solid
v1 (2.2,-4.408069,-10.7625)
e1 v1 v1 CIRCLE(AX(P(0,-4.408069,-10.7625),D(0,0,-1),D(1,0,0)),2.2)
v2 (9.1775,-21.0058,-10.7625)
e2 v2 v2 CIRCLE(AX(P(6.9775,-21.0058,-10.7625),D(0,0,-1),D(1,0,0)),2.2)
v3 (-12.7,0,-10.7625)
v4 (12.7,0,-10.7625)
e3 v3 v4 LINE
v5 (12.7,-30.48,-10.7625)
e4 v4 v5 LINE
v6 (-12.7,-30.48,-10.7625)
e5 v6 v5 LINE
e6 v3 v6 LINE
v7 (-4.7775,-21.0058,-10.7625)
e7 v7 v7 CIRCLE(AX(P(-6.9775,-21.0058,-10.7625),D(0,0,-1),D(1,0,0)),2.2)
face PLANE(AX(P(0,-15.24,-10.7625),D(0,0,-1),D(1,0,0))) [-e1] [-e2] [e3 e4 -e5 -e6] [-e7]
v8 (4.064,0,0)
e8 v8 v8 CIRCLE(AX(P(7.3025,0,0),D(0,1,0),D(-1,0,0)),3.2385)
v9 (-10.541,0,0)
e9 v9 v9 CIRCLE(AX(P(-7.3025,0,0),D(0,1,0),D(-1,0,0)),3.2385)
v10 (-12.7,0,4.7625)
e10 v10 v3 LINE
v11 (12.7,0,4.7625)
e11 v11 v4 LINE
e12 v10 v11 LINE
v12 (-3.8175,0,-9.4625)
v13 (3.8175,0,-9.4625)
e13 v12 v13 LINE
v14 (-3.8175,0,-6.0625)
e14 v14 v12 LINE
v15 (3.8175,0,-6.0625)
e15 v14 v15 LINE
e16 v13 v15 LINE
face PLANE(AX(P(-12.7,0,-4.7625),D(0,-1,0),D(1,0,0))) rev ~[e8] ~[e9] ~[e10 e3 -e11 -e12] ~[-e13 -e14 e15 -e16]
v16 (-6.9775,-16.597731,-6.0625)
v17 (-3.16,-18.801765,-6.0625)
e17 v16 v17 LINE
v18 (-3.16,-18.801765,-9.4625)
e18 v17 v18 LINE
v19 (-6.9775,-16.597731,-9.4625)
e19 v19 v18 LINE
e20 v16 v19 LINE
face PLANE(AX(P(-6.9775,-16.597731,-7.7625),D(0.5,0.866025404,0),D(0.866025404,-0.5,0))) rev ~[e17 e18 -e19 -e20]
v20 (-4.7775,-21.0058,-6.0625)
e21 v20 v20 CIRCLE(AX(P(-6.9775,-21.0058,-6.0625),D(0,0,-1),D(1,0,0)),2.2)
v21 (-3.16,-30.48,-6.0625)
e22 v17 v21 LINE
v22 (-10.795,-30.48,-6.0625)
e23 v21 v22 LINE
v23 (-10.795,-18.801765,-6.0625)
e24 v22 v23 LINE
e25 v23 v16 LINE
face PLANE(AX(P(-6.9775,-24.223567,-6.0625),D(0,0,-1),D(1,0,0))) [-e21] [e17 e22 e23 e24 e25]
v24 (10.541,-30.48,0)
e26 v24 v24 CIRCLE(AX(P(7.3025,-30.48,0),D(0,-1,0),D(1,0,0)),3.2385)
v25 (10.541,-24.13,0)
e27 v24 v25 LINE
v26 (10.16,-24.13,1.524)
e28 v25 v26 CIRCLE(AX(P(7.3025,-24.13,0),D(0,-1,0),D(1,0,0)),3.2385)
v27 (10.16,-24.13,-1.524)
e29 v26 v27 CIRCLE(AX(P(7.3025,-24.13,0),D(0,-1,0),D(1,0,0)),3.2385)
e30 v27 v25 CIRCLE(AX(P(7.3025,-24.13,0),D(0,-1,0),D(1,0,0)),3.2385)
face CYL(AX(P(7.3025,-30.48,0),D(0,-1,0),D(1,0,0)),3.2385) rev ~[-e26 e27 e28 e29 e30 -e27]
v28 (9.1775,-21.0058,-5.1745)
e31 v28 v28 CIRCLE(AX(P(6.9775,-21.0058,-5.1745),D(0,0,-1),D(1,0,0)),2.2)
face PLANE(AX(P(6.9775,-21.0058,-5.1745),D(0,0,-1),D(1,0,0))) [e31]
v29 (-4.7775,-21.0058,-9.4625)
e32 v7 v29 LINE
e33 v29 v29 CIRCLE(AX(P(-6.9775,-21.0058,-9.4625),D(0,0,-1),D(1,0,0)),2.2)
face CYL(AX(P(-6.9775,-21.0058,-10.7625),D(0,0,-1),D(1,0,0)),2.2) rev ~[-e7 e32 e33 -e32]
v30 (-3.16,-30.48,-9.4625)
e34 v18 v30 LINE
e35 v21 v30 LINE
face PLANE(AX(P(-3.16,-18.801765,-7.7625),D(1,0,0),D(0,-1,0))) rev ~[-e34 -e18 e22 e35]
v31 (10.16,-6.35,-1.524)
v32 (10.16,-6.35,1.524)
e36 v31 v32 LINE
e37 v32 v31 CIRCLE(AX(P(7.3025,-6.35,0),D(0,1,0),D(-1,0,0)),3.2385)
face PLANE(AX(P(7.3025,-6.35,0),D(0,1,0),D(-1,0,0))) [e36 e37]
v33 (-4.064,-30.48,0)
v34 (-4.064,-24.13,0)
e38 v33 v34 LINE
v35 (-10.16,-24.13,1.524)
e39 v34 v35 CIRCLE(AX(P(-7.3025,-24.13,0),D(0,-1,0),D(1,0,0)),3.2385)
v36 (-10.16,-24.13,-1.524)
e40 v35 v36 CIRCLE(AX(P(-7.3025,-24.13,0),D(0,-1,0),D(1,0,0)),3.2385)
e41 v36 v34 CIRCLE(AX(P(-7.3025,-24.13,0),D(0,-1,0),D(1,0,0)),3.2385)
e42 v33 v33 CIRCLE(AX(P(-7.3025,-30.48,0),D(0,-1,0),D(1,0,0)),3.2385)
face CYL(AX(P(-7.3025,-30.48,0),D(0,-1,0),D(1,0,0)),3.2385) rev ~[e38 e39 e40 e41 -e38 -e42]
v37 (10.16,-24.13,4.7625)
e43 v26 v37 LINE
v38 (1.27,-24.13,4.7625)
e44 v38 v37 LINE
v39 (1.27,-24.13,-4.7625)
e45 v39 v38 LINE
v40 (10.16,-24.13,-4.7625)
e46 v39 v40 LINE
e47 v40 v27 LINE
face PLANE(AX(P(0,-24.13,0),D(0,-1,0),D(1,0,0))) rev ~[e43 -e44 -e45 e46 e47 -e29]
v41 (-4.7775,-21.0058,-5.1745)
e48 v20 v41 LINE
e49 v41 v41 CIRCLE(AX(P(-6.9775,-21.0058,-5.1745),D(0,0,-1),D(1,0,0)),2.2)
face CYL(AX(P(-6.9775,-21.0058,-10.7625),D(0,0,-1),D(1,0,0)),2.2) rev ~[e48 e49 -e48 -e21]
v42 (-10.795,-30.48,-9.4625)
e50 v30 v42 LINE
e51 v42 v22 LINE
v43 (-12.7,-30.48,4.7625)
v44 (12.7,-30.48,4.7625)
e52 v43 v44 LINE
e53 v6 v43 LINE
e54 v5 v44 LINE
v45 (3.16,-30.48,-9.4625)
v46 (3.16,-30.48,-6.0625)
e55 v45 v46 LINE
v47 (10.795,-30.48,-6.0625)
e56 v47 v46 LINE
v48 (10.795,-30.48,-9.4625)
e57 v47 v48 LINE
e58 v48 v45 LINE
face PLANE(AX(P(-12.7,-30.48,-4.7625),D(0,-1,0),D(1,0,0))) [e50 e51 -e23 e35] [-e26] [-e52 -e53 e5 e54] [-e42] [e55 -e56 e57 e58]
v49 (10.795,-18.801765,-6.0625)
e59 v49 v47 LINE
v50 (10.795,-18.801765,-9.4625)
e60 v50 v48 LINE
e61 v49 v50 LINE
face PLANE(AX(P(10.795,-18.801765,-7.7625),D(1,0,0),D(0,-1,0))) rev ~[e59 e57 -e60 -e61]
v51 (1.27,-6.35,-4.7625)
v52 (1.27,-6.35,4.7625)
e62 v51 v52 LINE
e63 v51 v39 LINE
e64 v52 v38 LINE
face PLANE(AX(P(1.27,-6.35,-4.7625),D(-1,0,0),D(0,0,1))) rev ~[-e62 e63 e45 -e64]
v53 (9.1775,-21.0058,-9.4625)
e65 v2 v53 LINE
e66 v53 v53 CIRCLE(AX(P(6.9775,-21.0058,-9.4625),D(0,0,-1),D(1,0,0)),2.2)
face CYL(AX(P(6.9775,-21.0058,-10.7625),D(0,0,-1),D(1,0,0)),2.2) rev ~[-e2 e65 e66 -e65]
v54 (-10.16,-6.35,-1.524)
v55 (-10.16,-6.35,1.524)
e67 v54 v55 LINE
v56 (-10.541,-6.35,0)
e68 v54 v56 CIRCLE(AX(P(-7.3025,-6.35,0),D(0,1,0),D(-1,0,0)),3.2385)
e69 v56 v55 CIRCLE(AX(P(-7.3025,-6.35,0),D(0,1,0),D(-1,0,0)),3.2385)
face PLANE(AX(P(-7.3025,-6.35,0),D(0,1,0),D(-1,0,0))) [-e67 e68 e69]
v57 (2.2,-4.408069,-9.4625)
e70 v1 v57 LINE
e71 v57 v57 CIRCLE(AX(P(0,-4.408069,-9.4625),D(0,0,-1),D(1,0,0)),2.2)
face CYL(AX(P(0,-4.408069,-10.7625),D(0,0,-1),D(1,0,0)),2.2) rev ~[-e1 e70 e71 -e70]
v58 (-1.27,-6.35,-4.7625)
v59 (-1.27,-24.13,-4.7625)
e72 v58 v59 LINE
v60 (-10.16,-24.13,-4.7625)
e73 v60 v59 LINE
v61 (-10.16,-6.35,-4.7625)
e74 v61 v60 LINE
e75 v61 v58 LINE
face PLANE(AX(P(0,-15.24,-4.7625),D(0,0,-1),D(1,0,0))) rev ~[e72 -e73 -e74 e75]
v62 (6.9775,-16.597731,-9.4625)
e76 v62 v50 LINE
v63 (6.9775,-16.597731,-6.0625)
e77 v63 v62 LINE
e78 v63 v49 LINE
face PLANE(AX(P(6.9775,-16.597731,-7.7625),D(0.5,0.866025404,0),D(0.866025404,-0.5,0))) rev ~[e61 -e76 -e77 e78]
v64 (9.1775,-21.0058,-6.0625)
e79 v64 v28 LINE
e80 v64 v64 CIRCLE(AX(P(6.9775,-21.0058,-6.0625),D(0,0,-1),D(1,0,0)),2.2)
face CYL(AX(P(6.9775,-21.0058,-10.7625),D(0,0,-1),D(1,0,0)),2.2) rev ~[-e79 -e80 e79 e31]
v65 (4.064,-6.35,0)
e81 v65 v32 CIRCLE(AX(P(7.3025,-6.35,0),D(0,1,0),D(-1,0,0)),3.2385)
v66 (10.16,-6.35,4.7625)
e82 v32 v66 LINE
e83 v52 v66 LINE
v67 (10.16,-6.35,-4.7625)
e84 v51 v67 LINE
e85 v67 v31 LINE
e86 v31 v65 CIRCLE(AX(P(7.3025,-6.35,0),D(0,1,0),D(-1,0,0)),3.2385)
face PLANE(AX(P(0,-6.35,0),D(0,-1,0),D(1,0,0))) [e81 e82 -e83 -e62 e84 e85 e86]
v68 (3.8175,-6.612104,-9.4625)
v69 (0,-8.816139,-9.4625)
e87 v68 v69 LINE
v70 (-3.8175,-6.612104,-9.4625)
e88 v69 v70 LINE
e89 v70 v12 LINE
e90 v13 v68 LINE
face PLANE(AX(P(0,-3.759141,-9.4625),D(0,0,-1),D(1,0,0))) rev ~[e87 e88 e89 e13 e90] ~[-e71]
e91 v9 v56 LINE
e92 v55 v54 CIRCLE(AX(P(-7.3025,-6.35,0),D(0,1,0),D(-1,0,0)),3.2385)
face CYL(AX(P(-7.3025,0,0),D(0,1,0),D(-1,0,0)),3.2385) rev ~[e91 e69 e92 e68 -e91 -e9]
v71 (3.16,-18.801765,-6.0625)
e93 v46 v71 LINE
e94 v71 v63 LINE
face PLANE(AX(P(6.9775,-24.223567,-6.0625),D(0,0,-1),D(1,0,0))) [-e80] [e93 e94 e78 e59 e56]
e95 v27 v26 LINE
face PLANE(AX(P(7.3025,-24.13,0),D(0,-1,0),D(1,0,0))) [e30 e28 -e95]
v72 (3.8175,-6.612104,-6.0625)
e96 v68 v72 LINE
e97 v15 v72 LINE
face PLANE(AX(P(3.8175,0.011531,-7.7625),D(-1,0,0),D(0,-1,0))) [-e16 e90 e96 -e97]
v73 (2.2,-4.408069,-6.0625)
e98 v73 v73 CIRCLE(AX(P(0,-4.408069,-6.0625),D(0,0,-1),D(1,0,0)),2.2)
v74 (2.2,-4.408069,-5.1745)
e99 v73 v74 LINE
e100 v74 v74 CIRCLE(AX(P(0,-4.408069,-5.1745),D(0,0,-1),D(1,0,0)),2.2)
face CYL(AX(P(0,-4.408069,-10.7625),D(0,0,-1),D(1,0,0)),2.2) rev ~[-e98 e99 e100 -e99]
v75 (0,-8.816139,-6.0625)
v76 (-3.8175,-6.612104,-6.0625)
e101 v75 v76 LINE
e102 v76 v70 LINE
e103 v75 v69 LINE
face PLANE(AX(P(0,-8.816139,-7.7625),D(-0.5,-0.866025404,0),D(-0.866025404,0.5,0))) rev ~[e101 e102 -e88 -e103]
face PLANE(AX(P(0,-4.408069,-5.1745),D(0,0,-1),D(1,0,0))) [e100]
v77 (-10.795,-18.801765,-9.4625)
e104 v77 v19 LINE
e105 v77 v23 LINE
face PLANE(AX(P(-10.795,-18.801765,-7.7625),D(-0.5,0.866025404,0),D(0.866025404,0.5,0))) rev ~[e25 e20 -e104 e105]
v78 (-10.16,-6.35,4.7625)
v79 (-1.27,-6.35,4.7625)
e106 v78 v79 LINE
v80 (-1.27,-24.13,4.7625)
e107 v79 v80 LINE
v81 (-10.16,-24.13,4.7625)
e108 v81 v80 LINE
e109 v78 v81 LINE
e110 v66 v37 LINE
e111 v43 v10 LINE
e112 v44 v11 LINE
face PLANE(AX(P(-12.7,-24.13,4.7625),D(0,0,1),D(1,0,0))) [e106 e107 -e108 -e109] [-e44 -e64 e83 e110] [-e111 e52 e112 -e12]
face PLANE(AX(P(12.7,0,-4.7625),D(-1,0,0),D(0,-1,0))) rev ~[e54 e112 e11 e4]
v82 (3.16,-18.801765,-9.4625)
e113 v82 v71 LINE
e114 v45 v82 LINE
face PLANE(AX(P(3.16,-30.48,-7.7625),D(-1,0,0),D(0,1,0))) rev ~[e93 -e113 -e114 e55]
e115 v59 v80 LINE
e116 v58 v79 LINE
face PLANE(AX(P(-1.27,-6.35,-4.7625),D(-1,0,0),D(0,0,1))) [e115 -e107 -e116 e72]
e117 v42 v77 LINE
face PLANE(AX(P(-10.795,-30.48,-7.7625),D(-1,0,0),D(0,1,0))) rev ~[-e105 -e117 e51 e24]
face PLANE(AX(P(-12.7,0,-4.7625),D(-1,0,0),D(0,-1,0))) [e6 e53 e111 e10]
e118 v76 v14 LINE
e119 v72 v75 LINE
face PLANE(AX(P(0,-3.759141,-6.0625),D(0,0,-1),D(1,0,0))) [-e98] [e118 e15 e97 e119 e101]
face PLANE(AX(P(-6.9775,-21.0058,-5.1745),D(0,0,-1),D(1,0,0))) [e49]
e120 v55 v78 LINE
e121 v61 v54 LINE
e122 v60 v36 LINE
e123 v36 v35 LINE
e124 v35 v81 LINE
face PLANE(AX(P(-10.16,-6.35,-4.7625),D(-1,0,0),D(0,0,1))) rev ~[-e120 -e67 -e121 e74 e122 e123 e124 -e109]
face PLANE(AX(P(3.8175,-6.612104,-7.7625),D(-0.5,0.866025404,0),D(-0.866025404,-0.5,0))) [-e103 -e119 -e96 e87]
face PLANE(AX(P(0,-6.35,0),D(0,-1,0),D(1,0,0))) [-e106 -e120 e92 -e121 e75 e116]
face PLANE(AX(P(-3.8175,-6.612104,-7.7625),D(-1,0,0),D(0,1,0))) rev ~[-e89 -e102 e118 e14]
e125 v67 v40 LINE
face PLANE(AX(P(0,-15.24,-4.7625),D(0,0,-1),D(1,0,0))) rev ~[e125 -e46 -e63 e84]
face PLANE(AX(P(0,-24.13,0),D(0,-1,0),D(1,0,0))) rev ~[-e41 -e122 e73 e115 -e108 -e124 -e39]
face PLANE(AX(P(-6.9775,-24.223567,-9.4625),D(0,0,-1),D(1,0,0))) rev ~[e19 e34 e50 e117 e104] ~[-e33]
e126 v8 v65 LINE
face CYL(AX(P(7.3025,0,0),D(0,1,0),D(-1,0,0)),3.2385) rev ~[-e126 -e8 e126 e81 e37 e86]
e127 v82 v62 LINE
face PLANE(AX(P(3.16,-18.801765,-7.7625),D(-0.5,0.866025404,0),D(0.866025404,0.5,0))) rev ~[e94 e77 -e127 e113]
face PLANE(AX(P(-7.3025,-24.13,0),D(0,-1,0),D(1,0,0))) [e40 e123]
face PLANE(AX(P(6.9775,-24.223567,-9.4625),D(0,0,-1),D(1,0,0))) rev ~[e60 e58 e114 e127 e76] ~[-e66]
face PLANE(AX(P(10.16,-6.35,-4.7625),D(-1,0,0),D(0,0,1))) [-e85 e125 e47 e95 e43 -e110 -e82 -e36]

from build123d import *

# Parameters (mm, degrees)
F0_W           = 25.4
F0_H           = 9.525
F1_DEPTH       = 6.35
F2_W           = 2.54
F2_H           = 9.525
F3_DEPTH       = 17.78
F4_W           = 25.4
F4_H           = 9.525
F5_DEPTH       = 6.35
F6_R           = 3.2385
F7_DEPTH       = 6.35
F8_R           = 3.2385
F9_DEPTH       = 6.35
F10_W          = 25.4
F10_H          = 30.48
F11_DEPTH      = 6
F14_DEPTH      = 1.7
F14_DEPTH_BACK = 1.7
F15_R          = 2.2
F16_DEPTH      = 5.588


with BuildPart() as f1:
    # F0 (on Front) → F1 (new body)
    with BuildSketch(Plane.XZ):
        Rectangle(F0_W, F0_H)
    extrude(amount=F1_DEPTH)

    # F2 (on face) → F3 (join)
    with BuildSketch(Plane.XZ.offset(6.35)):
        with Locations((-11.43, 0)):
            Rectangle(F2_W, F2_H)
        Rectangle(F2_W, F2_H)
        with Locations((11.43, 0)):
            Rectangle(F2_W, F2_H)
    extrude(amount=F3_DEPTH)

    # F4 (on face) → F5 (join)
    with BuildSketch(Plane.XZ.offset(24.13)):
        Rectangle(F4_W, F4_H)
    extrude(amount=F5_DEPTH)

    # F6 (on face) → F7 (cut, through all)
    with BuildSketch(Plane(origin=(0, 0, 0), x_dir=(-1, 0, 0), z_dir=(0, 1, 0))):
        with Locations((7.3025, 0)):
            Circle(F6_R)
        with Locations((-7.3025, 0)):
            Circle(F6_R)
    extrude(amount=-F7_DEPTH, mode=Mode.SUBTRACT)

    # F8 (on face) → F9 (cut, through all)
    with BuildSketch(Plane.XZ.offset(30.48)):
        with Locations((-7.3025, 0)):
            Circle(F8_R)
        with Locations((7.3025, 0)):
            Circle(F8_R)
    extrude(amount=-F9_DEPTH, mode=Mode.SUBTRACT)

    # F10 (on face) → F11 (join)
    with BuildSketch(Plane(origin=(0, 0, -4.7625), x_dir=(1, 0, 0), z_dir=(0, 0, -1))):
        with Locations((0, 15.24)):
            Rectangle(F10_W, F10_H)
    extrude(amount=F11_DEPTH)

    # F13 (on offset) → F14 (cut, two sides)
    with BuildSketch(Plane(origin=(0, 0, -7.7625), x_dir=(1, 0, 0), z_dir=(0, 0, -1))) as f14_sk:
        Polygon((-3.16, 18.8017653474), (-3.16, 23.2098346526), (-3.16, 30.48), (-10.795, 30.48), (-10.795, 23.2098346526), (-10.795, 18.8017653474), (-6.9775, 16.5977306947), align=None)
        Polygon((10.795, 18.8017653474), (10.795, 23.2098346526), (10.795, 30.48), (3.16, 30.48), (3.16, 23.2098346526), (3.16, 18.8017653474), (6.9775, 16.5977306947), align=None)
        Polygon((3.8175, 2.2040346526), (3.8175, 6.6121039579), (0, 8.8161386105), (-3.8175, 6.6121039579), (-3.8175, 2.2040346526), (-3.8175, -0.0115306947), (3.8175, -0.0115306947), align=None)
    extrude(amount=-F14_DEPTH, mode=Mode.SUBTRACT)
    extrude(f14_sk.sketch, amount=F14_DEPTH_BACK, mode=Mode.SUBTRACT)

    # F15 (on face) → F16 (cut)
    with BuildSketch(Plane(origin=(0, 0, -10.7625), x_dir=(1, 0, 0), z_dir=(0, 0, -1))):
        with Locations((0, 4.4080693053)):
            Circle(F15_R)
        with Locations((6.9775, 21.0058)):
            Circle(F15_R)
        with Locations((-6.9775, 21.0058)):
            Circle(F15_R)
    extrude(amount=-F16_DEPTH, mode=Mode.SUBTRACT)


solid = f1.part
